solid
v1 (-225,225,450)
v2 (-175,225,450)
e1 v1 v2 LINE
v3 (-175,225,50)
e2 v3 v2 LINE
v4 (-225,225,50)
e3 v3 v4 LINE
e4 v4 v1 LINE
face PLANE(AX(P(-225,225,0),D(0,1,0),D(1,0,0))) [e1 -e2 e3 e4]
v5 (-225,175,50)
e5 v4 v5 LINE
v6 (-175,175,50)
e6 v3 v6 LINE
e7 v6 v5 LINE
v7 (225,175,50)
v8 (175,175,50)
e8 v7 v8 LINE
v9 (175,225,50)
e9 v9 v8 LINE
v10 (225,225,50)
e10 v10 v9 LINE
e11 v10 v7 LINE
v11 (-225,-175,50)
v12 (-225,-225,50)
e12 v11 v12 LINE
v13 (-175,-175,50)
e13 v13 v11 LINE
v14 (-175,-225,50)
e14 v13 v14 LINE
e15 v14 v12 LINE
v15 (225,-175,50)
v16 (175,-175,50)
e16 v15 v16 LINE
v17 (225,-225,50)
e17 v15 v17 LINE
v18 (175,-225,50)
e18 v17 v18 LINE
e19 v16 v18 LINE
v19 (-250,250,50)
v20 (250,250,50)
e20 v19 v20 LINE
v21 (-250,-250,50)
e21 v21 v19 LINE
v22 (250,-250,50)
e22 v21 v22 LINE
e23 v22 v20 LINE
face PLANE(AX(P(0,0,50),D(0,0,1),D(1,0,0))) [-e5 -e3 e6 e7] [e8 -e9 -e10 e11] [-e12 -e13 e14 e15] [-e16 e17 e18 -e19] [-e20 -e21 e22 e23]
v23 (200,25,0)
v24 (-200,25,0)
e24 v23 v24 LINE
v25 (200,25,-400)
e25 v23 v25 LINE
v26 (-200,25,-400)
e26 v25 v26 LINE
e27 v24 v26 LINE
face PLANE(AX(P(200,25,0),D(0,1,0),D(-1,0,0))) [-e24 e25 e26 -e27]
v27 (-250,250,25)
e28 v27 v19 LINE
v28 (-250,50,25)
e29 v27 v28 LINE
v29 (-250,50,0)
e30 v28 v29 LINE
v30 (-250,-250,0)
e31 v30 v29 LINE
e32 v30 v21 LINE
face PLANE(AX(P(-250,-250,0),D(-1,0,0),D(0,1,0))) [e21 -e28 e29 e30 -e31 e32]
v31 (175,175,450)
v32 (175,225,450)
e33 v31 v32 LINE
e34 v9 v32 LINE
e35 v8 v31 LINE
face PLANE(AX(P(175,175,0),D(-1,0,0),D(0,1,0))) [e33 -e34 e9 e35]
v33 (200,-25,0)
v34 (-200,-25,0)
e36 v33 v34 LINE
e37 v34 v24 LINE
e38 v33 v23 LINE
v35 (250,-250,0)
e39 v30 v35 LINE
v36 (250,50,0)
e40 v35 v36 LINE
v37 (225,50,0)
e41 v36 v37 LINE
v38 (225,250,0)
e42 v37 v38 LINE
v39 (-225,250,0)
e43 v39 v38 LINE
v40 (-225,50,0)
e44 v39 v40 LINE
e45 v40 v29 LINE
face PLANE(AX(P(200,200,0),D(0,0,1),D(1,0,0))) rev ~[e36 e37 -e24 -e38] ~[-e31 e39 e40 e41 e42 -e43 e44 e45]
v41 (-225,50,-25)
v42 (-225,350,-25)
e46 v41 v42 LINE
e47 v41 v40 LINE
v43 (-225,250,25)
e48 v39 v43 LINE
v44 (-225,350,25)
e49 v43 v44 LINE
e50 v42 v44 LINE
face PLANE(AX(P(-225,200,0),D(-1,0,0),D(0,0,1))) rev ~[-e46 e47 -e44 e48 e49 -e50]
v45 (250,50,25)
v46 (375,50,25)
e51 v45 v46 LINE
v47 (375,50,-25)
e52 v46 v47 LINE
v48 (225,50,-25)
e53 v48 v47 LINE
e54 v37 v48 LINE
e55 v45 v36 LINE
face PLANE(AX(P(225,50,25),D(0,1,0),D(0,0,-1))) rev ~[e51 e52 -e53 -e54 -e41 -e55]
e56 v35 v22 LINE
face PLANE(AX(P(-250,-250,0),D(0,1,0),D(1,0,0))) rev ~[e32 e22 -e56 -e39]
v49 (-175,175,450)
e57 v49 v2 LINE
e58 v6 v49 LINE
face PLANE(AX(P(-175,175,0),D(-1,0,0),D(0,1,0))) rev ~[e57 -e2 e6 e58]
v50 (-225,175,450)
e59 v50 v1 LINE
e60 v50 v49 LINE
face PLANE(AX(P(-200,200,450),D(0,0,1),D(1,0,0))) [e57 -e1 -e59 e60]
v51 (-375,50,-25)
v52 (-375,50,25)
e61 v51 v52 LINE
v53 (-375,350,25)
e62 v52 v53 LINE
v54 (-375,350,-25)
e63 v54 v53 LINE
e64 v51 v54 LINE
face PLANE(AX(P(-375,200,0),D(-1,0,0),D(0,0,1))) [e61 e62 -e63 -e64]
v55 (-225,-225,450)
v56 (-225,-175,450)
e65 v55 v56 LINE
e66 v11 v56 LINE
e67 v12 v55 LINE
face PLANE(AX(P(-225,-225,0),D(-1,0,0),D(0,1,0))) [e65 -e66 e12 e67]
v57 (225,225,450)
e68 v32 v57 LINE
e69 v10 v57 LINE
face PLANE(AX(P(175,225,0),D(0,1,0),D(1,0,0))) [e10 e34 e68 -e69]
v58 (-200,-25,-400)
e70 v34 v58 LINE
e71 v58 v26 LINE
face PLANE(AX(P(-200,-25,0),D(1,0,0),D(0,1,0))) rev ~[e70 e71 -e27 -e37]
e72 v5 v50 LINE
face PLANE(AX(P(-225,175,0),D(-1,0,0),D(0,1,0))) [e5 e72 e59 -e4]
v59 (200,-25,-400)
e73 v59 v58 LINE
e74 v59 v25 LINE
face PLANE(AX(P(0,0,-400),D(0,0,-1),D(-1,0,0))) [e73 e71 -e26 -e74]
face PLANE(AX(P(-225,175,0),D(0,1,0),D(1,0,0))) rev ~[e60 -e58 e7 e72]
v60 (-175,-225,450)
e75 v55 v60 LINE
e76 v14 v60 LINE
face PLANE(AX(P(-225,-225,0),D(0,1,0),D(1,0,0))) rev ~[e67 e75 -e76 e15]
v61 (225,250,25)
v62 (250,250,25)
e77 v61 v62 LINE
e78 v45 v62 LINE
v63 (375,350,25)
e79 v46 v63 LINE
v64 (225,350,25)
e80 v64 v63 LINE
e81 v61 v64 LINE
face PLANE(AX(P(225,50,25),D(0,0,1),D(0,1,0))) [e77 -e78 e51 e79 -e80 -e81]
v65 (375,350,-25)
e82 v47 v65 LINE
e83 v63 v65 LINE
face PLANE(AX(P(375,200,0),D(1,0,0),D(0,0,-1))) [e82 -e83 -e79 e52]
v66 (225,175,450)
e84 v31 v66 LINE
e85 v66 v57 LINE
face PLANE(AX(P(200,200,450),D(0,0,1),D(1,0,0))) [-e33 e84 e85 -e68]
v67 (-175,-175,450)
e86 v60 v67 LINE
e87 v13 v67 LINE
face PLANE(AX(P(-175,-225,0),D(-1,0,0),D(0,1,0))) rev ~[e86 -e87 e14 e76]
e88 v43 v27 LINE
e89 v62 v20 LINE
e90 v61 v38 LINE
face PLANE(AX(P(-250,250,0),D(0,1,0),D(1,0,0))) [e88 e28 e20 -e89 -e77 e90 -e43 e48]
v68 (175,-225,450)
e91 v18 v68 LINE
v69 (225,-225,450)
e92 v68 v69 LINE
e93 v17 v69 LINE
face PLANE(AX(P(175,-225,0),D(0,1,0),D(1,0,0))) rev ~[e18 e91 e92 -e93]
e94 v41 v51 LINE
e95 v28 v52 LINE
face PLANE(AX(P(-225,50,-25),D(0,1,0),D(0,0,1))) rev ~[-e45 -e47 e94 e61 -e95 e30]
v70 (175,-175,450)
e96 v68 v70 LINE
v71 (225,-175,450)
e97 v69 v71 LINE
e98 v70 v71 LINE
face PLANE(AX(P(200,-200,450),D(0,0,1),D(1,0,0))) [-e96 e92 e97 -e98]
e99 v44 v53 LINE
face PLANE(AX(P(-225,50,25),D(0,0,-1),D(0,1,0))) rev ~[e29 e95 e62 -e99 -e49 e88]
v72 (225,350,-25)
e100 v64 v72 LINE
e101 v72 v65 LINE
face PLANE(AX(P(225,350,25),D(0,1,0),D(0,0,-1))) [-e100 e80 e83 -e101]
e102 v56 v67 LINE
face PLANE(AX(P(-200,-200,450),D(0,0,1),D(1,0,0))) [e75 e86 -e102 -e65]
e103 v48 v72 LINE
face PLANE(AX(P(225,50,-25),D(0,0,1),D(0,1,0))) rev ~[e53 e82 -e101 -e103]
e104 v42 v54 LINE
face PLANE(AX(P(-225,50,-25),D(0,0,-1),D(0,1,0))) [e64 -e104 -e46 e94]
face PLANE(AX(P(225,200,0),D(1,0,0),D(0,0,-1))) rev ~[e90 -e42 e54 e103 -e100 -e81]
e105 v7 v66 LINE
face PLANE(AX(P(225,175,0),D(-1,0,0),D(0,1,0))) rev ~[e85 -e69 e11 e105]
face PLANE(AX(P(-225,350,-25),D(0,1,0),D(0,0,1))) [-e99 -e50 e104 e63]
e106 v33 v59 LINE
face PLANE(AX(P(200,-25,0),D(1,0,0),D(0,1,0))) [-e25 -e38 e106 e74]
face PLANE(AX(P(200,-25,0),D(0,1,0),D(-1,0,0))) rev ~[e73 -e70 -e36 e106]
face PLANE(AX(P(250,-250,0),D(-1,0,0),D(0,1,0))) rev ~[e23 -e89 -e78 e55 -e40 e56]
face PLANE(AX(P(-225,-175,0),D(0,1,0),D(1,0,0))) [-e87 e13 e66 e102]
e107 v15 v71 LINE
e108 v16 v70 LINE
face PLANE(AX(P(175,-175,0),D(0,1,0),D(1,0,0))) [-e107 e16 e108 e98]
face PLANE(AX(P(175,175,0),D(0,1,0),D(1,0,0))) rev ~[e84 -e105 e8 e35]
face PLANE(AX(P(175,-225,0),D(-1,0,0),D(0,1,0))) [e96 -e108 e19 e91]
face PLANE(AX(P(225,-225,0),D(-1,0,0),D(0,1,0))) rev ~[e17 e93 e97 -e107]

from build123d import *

# Parameters (mm, degrees)
SKETCH_1_W      = 500
SKETCH_1_H      = 500
EXTRUDE_1_DEPTH = 50
SKETCH_2_W      = 50
SKETCH_2_H      = 50
EXTRUDE_2_DEPTH = 450
SKETCH_3_W      = 50
SKETCH_3_H      = 50
EXTRUDE_3_DEPTH = 450
SKETCH_4_W      = 50
SKETCH_4_H      = 50
EXTRUDE_4_DEPTH = 450
SKETCH_5_W      = 50
SKETCH_5_H      = 50
EXTRUDE_5_DEPTH = 450
SKETCH_6_W      = 400
SKETCH_6_H      = 50
EXTRUDE_6_DEPTH = 400
SKETCH_7_W      = 50
SKETCH_7_H      = 300
EXTRUDE_7_DEPTH = 150
SKETCH_8_W      = 50
SKETCH_8_H      = 300
EXTRUDE_8_DEPTH = 150


with BuildPart() as part:
    # 草图1 → 凸台-拉伸1 (new body)
    with BuildSketch(Plane.XY):
        Rectangle(SKETCH_1_W, SKETCH_1_H)
    extrude(amount=EXTRUDE_1_DEPTH)

    # 草图2 → 凸台-拉伸2 (add)
    with BuildSketch(Plane.XY):
        with Locations((-200, -200)):
            Rectangle(SKETCH_2_W, SKETCH_2_H)
    extrude(amount=EXTRUDE_2_DEPTH)

    # 草图3 → 凸台-拉伸3 (add)
    with BuildSketch(Plane.XY):
        with Locations((200, -200)):
            Rectangle(SKETCH_3_W, SKETCH_3_H)
    extrude(amount=EXTRUDE_3_DEPTH)

    # 草图4 → 凸台-拉伸4 (add)
    with BuildSketch(Plane.XY):
        with Locations((-200, 200)):
            Rectangle(SKETCH_4_W, SKETCH_4_H)
    extrude(amount=EXTRUDE_4_DEPTH)

    # 草图5 → 凸台-拉伸5 (add)
    with BuildSketch(Plane.XY):
        with Locations((200, 200)):
            Rectangle(SKETCH_5_W, SKETCH_5_H)
    extrude(amount=EXTRUDE_5_DEPTH)

    # 草图6 → 凸台-拉伸6 (add)
    with BuildSketch(Plane(origin=(0, 0, 0), x_dir=(-1, 0, 0), z_dir=(0, 0, -1))):
        Rectangle(SKETCH_6_W, SKETCH_6_H)
    extrude(amount=EXTRUDE_6_DEPTH)

    # 草图7 → 凸台-拉伸7 (add)
    with BuildSketch(Plane(origin=(225, 0, 0), x_dir=(0, 0, -1), z_dir=(1, 0, 0))):
        with Locations((0, 200)):
            Rectangle(SKETCH_7_W, SKETCH_7_H)
    extrude(amount=EXTRUDE_7_DEPTH)

    # 草图8 → 凸台-拉伸8 (add)
    with BuildSketch(Plane.ZY.offset(225)):
        with Locations((0, 200)):
            Rectangle(SKETCH_8_W, SKETCH_8_H)
    extrude(amount=EXTRUDE_8_DEPTH)


solid = part.part
